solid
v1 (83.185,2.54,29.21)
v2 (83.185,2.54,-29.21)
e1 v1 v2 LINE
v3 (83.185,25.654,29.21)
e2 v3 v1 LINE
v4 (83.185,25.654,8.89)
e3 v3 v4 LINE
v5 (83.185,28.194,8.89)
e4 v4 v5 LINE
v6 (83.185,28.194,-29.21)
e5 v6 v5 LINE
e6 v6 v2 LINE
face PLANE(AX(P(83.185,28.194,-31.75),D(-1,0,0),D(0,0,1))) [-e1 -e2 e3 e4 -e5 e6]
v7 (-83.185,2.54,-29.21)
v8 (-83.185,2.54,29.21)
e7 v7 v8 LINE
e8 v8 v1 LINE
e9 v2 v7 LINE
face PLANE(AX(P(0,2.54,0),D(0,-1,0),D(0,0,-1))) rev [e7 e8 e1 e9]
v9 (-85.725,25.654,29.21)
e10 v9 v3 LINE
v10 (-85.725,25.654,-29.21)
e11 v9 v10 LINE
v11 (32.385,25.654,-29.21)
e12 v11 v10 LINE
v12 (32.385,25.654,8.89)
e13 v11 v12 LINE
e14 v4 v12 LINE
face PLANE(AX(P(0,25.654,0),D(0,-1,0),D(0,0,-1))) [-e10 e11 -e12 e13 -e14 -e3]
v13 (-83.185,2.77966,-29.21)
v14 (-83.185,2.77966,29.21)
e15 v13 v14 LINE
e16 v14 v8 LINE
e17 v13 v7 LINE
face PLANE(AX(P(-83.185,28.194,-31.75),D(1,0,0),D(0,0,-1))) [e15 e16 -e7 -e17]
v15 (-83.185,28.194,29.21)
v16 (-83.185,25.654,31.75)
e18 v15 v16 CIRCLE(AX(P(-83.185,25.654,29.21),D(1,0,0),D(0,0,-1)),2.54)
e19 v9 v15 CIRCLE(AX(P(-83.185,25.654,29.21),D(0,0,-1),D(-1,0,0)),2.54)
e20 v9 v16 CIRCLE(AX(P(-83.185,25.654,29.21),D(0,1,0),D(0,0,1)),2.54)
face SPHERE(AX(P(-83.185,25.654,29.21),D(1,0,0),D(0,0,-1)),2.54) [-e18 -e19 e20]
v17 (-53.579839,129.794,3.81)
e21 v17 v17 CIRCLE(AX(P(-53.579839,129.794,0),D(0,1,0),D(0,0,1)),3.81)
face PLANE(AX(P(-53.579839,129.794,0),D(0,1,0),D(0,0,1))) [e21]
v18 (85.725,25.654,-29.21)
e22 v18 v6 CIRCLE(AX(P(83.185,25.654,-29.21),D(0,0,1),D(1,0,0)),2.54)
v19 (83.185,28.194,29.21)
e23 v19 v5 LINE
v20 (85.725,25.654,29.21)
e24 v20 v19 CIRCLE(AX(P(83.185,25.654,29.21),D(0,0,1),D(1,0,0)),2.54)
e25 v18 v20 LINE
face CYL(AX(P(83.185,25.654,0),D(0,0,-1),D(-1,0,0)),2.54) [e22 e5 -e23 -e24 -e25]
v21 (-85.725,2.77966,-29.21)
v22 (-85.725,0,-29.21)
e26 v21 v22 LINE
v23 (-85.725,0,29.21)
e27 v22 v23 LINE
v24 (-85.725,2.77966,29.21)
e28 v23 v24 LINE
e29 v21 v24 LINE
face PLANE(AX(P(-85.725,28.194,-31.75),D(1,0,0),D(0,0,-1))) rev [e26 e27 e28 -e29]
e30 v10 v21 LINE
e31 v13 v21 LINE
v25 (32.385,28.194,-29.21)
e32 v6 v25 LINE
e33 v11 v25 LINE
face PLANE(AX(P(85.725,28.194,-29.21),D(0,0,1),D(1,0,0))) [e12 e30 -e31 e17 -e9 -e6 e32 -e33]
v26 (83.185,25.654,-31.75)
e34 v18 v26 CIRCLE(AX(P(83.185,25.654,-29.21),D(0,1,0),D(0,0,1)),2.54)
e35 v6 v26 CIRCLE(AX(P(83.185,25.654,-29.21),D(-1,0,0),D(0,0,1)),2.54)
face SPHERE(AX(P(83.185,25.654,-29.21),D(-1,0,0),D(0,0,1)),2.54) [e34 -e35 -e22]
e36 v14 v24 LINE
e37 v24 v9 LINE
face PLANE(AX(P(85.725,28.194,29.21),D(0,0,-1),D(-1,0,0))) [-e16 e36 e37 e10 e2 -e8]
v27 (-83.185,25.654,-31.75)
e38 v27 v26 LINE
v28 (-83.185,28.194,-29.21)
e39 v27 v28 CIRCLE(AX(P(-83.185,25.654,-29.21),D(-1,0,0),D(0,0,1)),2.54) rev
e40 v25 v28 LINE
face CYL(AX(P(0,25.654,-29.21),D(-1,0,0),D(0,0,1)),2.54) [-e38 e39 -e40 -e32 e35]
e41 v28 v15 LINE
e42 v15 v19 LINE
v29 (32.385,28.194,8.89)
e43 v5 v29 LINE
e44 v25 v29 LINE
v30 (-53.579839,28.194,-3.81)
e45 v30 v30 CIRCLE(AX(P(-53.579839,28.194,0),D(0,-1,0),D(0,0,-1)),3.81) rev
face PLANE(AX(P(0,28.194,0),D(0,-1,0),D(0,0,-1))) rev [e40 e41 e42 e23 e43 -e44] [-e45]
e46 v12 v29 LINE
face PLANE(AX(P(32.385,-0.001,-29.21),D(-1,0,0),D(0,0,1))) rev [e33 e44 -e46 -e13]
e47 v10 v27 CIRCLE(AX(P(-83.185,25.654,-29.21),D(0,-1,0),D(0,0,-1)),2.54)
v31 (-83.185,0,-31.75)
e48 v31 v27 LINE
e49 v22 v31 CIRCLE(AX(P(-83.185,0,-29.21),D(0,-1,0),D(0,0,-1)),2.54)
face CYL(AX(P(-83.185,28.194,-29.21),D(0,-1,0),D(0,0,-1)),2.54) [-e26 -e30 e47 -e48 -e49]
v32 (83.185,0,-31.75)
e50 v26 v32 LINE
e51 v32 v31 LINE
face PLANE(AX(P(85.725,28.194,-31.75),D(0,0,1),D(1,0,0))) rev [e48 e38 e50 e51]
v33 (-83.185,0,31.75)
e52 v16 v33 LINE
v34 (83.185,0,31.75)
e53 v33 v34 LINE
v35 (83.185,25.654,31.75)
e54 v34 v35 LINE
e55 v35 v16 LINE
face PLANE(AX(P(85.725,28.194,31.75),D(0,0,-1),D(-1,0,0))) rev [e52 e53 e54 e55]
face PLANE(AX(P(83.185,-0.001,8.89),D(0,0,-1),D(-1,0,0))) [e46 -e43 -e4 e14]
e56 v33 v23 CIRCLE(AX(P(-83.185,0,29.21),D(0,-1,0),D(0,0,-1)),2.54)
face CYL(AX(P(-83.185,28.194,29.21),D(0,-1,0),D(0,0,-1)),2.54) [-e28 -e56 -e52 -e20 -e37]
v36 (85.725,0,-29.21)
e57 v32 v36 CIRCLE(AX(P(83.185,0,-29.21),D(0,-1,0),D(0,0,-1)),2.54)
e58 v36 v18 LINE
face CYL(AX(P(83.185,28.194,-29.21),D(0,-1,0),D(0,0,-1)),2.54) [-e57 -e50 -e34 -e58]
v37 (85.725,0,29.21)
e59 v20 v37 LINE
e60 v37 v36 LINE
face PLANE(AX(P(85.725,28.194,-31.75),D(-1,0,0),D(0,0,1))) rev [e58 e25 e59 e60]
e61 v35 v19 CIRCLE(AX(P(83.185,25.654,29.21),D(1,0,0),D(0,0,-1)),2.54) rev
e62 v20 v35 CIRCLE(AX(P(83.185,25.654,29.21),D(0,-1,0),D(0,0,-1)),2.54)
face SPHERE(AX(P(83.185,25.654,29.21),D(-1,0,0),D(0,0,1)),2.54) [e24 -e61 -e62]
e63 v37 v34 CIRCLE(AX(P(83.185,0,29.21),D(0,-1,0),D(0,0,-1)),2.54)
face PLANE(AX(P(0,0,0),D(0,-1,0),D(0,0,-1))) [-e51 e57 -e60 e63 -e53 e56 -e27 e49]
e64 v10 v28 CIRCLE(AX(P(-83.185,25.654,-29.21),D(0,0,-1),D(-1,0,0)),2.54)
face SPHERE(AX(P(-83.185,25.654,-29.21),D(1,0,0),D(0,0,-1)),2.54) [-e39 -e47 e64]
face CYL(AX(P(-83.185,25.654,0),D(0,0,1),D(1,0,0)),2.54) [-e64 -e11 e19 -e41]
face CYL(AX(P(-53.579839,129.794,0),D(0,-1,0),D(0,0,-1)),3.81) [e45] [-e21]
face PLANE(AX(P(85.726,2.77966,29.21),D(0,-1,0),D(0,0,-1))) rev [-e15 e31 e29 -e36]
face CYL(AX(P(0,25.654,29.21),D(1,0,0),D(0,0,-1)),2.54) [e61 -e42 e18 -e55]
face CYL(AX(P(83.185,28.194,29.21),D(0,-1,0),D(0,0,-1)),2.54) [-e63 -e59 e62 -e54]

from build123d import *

# Parameters (mm, degrees)
SKETCH1_W           = 171.45
SKETCH1_H           = 63.5
BOSS_EXTRUDE1_DEPTH = 28.194
SHELL1_T            = 2.54
FILLET1_R           = 2.54
FILLET2_R           = 2.54
FILLET3_R           = 2.54
FILLET4_R           = 2.54
CUT_EXTRUDE4_REACH  = 97.665
SKETCH7_W           = 50.8
SKETCH7_H           = 38.1
SKETCH13_R          = 3.81
BOSS_EXTRUDE3_DEPTH = 101.6
CUT_EXTRUDE8_REACH  = 219.37
SKETCH24_W          = 58.42
SKETCH24_H          = 22.874339667


with BuildPart() as part:
    # Sketch1 → Boss-Extrude1 (new body)
    with BuildSketch(Plane(origin=(0, 0, 0), x_dir=(1, 0, 0), z_dir=(0, 1, 0))):
        Rectangle(SKETCH1_W, SKETCH1_H)
    extrude(amount=BOSS_EXTRUDE1_DEPTH)

    # Shell1 (no face opened: a closed hollow body)
    add(offset(amount=-SHELL1_T, mode=Mode.PRIVATE), mode=Mode.SUBTRACT)

    # Fillet1
    fillet1_edges = [part.edges().sort_by_distance(p)[0] for p in [
        (0, 28.194, -31.75),
    ]]
    fillet(fillet1_edges, radius=FILLET1_R)

    # Fillet2
    fillet2_edges = [part.edges().sort_by_distance(p)[0] for p in [
        (0, 28.194, 31.75),
    ]]
    fillet(fillet2_edges, radius=FILLET2_R)

    # Fillet3
    fillet3_edges = [part.edges().sort_by_distance(p)[0] for p in [
        (-85.725, 28.194, 0),
        (-85.725, 12.827, -31.75),
        (-85.725, 27.450051224, -31.006051224),
        (-85.725, 12.827, 31.75),
        (-85.725, 27.450051224, 31.006051224),
    ]]
    fillet(fillet3_edges, radius=FILLET3_R)

    # Fillet4
    fillet4_edges = [part.edges().sort_by_distance(p)[0] for p in [
        (85.725, 12.827, -31.75),
        (85.725, 27.450051224, -31.006051224),
        (85.725, 28.194, 0),
        (85.725, 12.827, 31.75),
        (85.725, 27.450051224, 31.006051224),
    ]]
    fillet(fillet4_edges, radius=FILLET4_R)

    # Sketch7 → Cut-Extrude4 (cut, up to next)
    with BuildSketch(Plane(origin=(0, 28.194, 0), x_dir=(1, 0, 0), z_dir=(0, 1, 0)), mode=Mode.PRIVATE) as cut_extrude4_sk1:
        with Locations((57.785, 10.16)):
            Rectangle(SKETCH7_W, SKETCH7_H)
    cut_extrude4_tool1 = extrude(cut_extrude4_sk1.sketch, amount=-CUT_EXTRUDE4_REACH, mode=Mode.PRIVATE) & part.part
    add(cut_extrude4_tool1.solids().sort_by_distance((57.785, 28.194, -10.16))[0], mode=Mode.SUBTRACT)

    # Sketch13 → Boss-Extrude3 (add)
    with BuildSketch(Plane(origin=(0, 28.194, 0), x_dir=(1, 0, 0), z_dir=(0, 1, 0))):
        with Locations(Location((-53.579839064, 0, 0), (0, 0, 90))):
            Circle(SKETCH13_R)
    extrude(amount=BOSS_EXTRUDE3_DEPTH)

    # Sketch24 → Cut-Extrude8 (cut, up to next)
    with BuildSketch(Plane.ZY.offset(85.725), mode=Mode.PRIVATE) as cut_extrude8_sk1:
        with Locations((0, 14.216830166)):
            Rectangle(SKETCH24_W, SKETCH24_H)
    cut_extrude8_tool1 = extrude(cut_extrude8_sk1.sketch, amount=-CUT_EXTRUDE8_REACH, mode=Mode.PRIVATE) & part.part
    add(cut_extrude8_tool1.solids().sort_by_distance((-85.725, 14.21683, 0))[0], mode=Mode.SUBTRACT)


solid = part.part
